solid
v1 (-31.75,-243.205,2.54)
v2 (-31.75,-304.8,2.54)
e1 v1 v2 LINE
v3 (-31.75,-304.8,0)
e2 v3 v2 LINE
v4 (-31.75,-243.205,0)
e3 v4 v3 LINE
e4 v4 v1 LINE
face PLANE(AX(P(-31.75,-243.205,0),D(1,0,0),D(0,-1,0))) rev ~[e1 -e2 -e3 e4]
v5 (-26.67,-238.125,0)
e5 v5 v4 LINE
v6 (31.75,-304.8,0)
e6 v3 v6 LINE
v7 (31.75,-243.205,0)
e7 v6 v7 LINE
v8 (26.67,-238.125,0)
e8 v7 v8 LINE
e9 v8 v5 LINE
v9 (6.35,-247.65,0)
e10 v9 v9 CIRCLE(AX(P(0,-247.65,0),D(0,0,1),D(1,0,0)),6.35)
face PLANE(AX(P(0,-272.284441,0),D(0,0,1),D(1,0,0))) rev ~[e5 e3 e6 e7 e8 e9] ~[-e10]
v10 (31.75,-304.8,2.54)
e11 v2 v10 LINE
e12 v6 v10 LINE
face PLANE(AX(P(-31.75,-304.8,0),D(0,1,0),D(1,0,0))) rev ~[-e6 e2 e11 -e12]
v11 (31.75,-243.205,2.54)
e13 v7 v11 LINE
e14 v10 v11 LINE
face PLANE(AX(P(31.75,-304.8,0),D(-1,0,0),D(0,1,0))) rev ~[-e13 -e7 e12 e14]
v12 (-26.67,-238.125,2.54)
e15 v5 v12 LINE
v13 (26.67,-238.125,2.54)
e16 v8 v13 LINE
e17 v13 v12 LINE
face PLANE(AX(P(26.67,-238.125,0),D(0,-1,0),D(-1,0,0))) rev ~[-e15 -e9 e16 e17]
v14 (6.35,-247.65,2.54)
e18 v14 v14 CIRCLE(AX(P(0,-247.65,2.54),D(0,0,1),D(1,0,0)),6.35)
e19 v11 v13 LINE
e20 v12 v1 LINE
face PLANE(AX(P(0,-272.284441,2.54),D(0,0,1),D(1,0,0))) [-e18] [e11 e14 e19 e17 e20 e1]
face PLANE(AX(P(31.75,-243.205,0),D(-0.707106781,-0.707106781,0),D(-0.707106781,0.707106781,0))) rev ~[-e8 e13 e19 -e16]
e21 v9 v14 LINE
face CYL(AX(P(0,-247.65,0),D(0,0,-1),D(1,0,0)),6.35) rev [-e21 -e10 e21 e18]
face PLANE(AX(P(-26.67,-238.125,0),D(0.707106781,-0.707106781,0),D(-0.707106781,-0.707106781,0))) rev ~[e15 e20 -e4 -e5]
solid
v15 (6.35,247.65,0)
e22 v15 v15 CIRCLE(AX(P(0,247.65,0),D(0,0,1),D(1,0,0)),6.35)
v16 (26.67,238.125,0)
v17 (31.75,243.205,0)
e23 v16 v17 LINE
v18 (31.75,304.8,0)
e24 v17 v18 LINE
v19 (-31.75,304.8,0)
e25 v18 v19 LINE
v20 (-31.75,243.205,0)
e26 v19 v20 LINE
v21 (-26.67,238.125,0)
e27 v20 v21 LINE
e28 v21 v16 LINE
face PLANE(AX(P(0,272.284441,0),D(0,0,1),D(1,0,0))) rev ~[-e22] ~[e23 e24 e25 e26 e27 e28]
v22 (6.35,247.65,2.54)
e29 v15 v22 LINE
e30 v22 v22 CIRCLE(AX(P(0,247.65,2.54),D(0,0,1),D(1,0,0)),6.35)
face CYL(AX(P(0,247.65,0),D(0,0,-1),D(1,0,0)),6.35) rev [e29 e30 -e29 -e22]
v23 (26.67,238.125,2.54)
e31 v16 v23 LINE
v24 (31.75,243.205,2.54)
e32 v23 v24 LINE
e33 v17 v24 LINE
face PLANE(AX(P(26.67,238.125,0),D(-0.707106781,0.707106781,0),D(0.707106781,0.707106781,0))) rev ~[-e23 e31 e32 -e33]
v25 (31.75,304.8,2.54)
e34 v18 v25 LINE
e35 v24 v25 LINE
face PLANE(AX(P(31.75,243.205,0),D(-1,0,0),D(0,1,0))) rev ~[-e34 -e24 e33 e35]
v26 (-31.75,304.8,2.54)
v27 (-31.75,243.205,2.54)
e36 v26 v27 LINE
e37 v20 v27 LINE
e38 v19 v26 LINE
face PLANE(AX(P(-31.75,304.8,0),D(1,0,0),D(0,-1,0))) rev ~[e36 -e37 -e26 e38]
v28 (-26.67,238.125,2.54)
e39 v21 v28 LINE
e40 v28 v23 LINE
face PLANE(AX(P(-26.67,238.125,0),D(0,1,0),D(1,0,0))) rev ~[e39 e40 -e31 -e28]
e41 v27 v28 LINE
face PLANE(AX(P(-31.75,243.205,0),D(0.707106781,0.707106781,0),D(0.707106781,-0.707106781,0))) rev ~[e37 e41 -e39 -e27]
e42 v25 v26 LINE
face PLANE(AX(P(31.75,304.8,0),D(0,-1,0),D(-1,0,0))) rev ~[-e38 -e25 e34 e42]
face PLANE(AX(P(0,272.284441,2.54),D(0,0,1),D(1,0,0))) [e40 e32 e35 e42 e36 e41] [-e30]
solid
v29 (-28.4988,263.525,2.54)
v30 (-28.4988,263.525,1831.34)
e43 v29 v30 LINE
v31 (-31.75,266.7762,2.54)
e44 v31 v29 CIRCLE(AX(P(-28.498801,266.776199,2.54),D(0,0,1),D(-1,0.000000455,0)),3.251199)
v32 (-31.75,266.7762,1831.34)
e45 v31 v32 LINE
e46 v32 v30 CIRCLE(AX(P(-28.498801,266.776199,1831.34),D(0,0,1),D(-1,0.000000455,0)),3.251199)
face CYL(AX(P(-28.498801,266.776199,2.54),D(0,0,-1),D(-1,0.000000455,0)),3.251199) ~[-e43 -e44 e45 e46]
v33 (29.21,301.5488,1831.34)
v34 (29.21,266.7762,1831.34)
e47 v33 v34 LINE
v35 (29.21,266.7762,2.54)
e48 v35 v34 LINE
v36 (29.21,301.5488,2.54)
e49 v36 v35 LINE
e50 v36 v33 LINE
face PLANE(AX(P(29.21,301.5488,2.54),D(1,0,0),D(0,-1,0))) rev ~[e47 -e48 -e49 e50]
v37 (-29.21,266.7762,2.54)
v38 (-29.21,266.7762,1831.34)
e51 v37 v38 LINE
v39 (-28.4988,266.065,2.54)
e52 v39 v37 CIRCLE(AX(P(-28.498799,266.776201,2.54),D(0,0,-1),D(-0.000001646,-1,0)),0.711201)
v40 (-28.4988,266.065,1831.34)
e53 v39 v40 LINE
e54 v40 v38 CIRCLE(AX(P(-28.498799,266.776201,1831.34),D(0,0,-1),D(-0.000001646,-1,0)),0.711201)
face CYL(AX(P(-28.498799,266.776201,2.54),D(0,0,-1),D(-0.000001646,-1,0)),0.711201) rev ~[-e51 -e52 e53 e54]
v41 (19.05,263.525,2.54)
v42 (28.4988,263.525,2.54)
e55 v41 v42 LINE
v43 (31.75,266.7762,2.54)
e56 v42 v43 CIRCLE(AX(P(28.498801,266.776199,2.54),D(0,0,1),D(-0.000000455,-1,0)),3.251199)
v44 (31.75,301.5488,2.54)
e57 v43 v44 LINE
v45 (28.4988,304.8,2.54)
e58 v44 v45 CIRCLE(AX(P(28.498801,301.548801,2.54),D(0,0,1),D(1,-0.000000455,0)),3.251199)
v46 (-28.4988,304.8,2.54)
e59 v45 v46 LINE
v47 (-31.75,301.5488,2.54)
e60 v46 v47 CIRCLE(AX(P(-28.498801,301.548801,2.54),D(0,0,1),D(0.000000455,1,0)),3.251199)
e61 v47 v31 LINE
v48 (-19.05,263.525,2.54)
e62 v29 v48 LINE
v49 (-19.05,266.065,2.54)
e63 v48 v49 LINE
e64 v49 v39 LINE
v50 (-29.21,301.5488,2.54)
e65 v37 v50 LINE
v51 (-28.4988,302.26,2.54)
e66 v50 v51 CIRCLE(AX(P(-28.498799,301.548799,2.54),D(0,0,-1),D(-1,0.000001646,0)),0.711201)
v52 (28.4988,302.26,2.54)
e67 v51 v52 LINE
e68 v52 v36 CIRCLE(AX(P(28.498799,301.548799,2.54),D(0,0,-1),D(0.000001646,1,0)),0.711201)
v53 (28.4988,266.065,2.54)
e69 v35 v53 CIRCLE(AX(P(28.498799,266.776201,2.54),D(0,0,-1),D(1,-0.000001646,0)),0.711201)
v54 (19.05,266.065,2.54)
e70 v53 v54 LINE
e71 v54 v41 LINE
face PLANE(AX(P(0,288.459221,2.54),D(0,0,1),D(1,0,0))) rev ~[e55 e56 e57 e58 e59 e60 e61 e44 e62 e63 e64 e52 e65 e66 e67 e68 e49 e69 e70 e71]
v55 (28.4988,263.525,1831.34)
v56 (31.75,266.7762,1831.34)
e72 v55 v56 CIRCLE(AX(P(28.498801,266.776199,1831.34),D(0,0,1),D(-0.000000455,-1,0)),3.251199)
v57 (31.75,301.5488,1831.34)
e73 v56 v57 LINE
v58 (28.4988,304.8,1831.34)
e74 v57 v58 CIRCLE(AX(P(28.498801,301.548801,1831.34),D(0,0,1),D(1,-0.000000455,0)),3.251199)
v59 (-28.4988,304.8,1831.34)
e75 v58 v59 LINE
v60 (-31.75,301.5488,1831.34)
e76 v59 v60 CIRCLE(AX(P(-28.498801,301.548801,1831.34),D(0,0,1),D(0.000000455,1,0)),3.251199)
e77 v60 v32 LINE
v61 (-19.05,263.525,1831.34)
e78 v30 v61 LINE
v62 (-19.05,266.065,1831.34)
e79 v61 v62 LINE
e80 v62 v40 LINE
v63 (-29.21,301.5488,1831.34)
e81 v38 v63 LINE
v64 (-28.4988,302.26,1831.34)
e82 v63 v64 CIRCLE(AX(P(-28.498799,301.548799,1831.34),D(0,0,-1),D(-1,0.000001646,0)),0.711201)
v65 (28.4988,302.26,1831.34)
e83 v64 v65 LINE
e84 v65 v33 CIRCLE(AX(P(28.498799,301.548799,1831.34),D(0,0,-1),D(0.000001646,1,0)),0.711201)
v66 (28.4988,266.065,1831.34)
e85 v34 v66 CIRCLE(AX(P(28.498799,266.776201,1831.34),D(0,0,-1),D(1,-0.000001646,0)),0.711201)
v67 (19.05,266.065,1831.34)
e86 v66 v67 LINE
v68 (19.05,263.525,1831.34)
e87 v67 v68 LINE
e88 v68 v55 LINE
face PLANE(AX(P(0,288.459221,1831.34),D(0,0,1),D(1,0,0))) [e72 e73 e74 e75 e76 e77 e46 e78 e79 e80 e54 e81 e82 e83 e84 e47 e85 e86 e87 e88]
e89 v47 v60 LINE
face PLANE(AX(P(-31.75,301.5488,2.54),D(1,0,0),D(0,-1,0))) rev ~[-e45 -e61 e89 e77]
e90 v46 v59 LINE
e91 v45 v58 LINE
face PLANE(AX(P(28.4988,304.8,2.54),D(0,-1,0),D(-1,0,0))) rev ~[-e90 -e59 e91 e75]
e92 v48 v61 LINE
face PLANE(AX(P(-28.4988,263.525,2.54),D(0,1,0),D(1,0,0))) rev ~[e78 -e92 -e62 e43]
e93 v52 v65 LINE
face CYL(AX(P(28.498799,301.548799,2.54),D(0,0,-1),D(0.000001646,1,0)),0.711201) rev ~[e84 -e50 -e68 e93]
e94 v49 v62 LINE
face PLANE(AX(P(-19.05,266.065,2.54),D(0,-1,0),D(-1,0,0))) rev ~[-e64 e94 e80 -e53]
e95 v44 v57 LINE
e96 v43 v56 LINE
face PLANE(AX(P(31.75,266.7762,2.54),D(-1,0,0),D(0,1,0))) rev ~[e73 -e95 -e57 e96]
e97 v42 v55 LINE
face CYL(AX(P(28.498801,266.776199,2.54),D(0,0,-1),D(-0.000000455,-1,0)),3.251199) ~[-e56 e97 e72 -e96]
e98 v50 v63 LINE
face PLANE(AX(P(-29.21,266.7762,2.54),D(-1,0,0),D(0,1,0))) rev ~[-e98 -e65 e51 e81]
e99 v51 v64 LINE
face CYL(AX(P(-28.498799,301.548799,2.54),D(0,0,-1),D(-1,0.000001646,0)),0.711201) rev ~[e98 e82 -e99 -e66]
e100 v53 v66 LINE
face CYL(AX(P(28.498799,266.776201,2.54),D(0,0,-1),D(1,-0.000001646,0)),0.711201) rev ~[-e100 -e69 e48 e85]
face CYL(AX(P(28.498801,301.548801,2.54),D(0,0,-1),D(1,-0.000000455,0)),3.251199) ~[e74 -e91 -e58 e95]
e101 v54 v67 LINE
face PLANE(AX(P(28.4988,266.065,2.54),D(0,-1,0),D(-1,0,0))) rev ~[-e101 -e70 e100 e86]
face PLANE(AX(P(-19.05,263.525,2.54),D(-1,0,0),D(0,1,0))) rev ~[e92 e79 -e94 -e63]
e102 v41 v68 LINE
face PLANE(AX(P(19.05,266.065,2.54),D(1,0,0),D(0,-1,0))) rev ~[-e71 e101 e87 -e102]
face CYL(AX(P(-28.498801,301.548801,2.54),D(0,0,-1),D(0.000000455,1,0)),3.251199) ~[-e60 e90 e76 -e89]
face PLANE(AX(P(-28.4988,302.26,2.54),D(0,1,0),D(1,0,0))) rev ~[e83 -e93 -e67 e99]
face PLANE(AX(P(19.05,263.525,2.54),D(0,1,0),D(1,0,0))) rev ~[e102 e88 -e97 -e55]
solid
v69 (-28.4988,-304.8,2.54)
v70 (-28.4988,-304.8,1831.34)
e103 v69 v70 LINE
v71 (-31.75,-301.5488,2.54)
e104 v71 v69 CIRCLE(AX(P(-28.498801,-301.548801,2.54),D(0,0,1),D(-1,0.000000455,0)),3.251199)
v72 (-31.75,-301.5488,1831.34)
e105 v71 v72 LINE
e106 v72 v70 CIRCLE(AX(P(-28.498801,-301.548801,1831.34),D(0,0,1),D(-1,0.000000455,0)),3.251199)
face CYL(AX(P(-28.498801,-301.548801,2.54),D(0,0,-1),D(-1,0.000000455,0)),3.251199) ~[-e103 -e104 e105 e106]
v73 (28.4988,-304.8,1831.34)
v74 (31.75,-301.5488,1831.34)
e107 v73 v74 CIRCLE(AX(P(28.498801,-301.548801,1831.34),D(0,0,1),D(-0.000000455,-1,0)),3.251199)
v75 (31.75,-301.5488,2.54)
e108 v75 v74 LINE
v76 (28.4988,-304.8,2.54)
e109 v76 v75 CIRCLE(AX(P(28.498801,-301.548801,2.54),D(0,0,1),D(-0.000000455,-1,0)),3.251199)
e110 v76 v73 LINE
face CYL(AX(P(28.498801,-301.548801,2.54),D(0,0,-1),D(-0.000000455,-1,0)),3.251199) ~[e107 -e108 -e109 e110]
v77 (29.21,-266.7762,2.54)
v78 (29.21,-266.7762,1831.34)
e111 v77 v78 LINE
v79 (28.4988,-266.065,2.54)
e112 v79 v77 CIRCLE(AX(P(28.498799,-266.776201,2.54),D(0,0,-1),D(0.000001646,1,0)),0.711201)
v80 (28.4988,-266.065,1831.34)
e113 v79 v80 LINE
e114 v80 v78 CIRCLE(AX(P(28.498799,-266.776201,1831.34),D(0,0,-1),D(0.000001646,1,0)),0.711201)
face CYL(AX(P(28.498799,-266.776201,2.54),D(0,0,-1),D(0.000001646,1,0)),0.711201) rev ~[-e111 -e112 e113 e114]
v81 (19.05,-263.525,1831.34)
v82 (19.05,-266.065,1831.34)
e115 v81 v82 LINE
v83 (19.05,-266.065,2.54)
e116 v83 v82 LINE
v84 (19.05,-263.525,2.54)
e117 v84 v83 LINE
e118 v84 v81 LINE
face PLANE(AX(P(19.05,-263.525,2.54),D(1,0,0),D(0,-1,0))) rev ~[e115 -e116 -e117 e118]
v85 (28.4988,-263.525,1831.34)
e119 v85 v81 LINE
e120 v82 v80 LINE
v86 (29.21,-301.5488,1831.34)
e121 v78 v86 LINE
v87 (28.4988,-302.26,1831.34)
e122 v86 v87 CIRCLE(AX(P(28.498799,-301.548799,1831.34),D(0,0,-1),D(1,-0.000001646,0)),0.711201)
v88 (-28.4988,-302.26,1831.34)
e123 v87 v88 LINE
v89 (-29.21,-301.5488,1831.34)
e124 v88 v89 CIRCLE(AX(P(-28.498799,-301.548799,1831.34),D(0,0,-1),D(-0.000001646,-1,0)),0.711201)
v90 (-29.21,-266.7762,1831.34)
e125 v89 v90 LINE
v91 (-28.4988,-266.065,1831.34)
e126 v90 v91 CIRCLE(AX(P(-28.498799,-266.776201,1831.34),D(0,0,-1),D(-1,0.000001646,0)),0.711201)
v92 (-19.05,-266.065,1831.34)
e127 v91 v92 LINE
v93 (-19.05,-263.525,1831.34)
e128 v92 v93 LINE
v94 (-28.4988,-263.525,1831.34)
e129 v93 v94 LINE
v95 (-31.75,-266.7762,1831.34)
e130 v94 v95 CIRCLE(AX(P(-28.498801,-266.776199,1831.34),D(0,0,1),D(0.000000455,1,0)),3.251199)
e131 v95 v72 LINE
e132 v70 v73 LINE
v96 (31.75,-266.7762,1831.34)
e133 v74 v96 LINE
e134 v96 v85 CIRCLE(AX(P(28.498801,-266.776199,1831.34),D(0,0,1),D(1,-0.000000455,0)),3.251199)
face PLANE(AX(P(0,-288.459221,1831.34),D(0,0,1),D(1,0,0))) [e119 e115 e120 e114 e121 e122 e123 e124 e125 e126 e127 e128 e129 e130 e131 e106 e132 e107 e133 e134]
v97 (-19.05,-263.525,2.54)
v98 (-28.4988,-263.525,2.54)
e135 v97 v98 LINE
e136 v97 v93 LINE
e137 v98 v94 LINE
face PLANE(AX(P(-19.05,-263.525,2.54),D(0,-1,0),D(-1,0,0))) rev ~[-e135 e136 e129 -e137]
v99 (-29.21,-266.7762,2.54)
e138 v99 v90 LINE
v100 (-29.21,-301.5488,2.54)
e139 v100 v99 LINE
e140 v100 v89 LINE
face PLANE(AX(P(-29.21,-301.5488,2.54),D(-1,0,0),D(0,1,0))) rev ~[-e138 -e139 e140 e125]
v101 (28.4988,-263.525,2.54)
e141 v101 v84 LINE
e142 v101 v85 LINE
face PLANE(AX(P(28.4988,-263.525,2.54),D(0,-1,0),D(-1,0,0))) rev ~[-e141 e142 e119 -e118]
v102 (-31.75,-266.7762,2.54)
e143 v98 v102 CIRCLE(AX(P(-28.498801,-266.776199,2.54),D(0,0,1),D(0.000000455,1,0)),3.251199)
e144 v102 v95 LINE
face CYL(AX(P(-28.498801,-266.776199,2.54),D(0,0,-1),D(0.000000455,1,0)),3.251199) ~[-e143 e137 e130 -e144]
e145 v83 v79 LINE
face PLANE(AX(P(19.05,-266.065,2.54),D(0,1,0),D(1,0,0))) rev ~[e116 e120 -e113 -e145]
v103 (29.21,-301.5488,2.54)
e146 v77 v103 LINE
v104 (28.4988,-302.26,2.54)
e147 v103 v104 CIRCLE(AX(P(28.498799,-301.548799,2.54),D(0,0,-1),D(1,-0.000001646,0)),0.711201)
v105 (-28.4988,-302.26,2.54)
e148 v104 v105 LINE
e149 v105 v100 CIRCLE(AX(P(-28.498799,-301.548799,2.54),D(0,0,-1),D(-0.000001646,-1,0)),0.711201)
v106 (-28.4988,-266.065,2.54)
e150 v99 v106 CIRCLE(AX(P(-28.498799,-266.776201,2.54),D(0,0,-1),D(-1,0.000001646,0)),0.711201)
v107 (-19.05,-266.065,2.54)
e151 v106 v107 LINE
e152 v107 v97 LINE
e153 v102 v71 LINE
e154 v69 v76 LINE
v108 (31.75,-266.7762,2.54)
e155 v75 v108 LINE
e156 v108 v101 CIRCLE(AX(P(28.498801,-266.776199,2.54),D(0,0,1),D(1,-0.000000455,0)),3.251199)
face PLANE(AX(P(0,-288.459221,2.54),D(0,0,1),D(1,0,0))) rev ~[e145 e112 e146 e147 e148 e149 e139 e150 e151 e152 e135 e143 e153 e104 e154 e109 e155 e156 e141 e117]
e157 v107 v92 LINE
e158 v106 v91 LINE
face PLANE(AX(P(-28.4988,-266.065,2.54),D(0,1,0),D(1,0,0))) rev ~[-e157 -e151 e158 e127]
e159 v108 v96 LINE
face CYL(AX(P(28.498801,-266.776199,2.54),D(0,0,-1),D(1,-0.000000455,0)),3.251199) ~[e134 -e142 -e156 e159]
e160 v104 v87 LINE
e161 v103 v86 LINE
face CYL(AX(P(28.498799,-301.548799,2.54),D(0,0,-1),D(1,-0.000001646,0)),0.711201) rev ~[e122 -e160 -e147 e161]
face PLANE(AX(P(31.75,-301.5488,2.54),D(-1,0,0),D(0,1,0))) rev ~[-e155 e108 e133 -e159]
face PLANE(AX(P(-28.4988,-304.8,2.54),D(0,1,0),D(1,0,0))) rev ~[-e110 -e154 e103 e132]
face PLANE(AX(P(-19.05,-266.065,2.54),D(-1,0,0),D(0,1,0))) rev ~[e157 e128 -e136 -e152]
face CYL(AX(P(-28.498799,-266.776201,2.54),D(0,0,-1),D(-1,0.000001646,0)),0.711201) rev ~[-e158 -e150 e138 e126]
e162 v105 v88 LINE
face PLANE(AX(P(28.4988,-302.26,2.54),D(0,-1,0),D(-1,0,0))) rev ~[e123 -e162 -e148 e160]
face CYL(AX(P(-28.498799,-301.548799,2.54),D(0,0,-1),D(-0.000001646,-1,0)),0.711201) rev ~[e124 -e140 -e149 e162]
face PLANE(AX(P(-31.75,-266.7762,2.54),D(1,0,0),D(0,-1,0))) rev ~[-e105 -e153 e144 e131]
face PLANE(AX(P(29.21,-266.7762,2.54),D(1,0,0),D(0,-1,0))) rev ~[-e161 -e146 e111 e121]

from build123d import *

# Parameters (mm, degrees)
F0_R     = 6.35
F1_DEPTH = 2.54
F3_DEPTH = 1828.8


with BuildPart() as f1:
    # F0 (on Top) → F1 (new body)
    with BuildSketch(Plane.XY):
        Polygon((31.75, -243.205), (26.67, -238.125), (-26.67, -238.125), (-31.75, -243.205), (-31.75, -304.8), (31.75, -304.8), align=None)
        with Locations((0, -247.65)):
            Circle(F0_R, mode=Mode.SUBTRACT)
        Polygon((-26.67, 238.125), (26.67, 238.125), (31.75, 243.205), (31.75, 304.8), (-31.75, 304.8), (-31.75, 243.205), align=None)
        with Locations((0, 247.65)):
            Circle(F0_R, mode=Mode.SUBTRACT)
    extrude(amount=F1_DEPTH)


with BuildPart() as f3:
    # F2 (on face) → F3 (new body)
    with BuildSketch(Plane.XY.offset(2.54)):
        with BuildLine():
            Line((-19.05, -263.525), (-28.4988, -263.525))
            ThreePointArc((-28.4988, -263.525), (-30.797746, -264.477254), (-31.75, -266.7762))
            Line((-31.75, -266.7762), (-31.75, -301.5488))
            ThreePointArc((-31.75, -301.5488), (-30.797746, -303.847746), (-28.4988, -304.8))
            Line((-28.4988, -304.8), (28.4988, -304.8))
            ThreePointArc((28.4988, -304.8), (30.797746, -303.847746), (31.75, -301.5488))
            Line((31.75, -301.5488), (31.75, -266.7762))
            ThreePointArc((31.75, -266.7762), (30.797746, -264.477254), (28.4988, -263.525))
            Line((28.4988, -263.525), (19.05, -263.525))
            Line((19.05, -263.525), (19.05, -266.065))
            Line((19.05, -266.065), (28.4988, -266.065))
            ThreePointArc((28.4988, -266.065), (29.001694, -266.273306), (29.21, -266.7762))
            Line((29.21, -266.7762), (29.21, -301.5488))
            ThreePointArc((29.21, -301.5488), (29.001694, -302.051694), (28.4988, -302.26))
            Line((28.4988, -302.26), (-28.4988, -302.26))
            ThreePointArc((-28.4988, -302.26), (-29.001694, -302.051694), (-29.21, -301.5488))
            Line((-29.21, -301.5488), (-29.21, -266.7762))
            ThreePointArc((-29.21, -266.7762), (-29.001694, -266.273306), (-28.4988, -266.065))
            Line((-28.4988, -266.065), (-19.05, -266.065))
            Line((-19.05, -266.065), (-19.05, -263.525))
        make_face()
        with BuildLine():
            Line((-19.05, 266.065), (-28.4988, 266.065))
            ThreePointArc((-28.4988, 266.065), (-29.001694, 266.273306), (-29.21, 266.7762))
            Line((-29.21, 266.7762), (-29.21, 301.5488))
            ThreePointArc((-29.21, 301.5488), (-29.001694, 302.051694), (-28.4988, 302.26))
            Line((-28.4988, 302.26), (28.4988, 302.26))
            ThreePointArc((28.4988, 302.26), (29.001694, 302.051694), (29.21, 301.5488))
            Line((29.21, 301.5488), (29.21, 266.7762))
            ThreePointArc((29.21, 266.7762), (29.001694, 266.273306), (28.4988, 266.065))
            Line((28.4988, 266.065), (19.05, 266.065))
            Line((19.05, 266.065), (19.05, 263.525))
            Line((19.05, 263.525), (28.4988, 263.525))
            ThreePointArc((28.4988, 263.525), (30.797746, 264.477254), (31.75, 266.7762))
            Line((31.75, 266.7762), (31.75, 301.5488))
            ThreePointArc((31.75, 301.5488), (30.797746, 303.847746), (28.4988, 304.8))
            Line((28.4988, 304.8), (-28.4988, 304.8))
            ThreePointArc((-28.4988, 304.8), (-30.797746, 303.847746), (-31.75, 301.5488))
            Line((-31.75, 301.5488), (-31.75, 266.7762))
            ThreePointArc((-31.75, 266.7762), (-30.797746, 264.477254), (-28.4988, 263.525))
            Line((-28.4988, 263.525), (-19.05, 263.525))
            Line((-19.05, 263.525), (-19.05, 266.065))
        make_face()
    extrude(amount=F3_DEPTH)


solid = Compound([f1.part, f3.part])
